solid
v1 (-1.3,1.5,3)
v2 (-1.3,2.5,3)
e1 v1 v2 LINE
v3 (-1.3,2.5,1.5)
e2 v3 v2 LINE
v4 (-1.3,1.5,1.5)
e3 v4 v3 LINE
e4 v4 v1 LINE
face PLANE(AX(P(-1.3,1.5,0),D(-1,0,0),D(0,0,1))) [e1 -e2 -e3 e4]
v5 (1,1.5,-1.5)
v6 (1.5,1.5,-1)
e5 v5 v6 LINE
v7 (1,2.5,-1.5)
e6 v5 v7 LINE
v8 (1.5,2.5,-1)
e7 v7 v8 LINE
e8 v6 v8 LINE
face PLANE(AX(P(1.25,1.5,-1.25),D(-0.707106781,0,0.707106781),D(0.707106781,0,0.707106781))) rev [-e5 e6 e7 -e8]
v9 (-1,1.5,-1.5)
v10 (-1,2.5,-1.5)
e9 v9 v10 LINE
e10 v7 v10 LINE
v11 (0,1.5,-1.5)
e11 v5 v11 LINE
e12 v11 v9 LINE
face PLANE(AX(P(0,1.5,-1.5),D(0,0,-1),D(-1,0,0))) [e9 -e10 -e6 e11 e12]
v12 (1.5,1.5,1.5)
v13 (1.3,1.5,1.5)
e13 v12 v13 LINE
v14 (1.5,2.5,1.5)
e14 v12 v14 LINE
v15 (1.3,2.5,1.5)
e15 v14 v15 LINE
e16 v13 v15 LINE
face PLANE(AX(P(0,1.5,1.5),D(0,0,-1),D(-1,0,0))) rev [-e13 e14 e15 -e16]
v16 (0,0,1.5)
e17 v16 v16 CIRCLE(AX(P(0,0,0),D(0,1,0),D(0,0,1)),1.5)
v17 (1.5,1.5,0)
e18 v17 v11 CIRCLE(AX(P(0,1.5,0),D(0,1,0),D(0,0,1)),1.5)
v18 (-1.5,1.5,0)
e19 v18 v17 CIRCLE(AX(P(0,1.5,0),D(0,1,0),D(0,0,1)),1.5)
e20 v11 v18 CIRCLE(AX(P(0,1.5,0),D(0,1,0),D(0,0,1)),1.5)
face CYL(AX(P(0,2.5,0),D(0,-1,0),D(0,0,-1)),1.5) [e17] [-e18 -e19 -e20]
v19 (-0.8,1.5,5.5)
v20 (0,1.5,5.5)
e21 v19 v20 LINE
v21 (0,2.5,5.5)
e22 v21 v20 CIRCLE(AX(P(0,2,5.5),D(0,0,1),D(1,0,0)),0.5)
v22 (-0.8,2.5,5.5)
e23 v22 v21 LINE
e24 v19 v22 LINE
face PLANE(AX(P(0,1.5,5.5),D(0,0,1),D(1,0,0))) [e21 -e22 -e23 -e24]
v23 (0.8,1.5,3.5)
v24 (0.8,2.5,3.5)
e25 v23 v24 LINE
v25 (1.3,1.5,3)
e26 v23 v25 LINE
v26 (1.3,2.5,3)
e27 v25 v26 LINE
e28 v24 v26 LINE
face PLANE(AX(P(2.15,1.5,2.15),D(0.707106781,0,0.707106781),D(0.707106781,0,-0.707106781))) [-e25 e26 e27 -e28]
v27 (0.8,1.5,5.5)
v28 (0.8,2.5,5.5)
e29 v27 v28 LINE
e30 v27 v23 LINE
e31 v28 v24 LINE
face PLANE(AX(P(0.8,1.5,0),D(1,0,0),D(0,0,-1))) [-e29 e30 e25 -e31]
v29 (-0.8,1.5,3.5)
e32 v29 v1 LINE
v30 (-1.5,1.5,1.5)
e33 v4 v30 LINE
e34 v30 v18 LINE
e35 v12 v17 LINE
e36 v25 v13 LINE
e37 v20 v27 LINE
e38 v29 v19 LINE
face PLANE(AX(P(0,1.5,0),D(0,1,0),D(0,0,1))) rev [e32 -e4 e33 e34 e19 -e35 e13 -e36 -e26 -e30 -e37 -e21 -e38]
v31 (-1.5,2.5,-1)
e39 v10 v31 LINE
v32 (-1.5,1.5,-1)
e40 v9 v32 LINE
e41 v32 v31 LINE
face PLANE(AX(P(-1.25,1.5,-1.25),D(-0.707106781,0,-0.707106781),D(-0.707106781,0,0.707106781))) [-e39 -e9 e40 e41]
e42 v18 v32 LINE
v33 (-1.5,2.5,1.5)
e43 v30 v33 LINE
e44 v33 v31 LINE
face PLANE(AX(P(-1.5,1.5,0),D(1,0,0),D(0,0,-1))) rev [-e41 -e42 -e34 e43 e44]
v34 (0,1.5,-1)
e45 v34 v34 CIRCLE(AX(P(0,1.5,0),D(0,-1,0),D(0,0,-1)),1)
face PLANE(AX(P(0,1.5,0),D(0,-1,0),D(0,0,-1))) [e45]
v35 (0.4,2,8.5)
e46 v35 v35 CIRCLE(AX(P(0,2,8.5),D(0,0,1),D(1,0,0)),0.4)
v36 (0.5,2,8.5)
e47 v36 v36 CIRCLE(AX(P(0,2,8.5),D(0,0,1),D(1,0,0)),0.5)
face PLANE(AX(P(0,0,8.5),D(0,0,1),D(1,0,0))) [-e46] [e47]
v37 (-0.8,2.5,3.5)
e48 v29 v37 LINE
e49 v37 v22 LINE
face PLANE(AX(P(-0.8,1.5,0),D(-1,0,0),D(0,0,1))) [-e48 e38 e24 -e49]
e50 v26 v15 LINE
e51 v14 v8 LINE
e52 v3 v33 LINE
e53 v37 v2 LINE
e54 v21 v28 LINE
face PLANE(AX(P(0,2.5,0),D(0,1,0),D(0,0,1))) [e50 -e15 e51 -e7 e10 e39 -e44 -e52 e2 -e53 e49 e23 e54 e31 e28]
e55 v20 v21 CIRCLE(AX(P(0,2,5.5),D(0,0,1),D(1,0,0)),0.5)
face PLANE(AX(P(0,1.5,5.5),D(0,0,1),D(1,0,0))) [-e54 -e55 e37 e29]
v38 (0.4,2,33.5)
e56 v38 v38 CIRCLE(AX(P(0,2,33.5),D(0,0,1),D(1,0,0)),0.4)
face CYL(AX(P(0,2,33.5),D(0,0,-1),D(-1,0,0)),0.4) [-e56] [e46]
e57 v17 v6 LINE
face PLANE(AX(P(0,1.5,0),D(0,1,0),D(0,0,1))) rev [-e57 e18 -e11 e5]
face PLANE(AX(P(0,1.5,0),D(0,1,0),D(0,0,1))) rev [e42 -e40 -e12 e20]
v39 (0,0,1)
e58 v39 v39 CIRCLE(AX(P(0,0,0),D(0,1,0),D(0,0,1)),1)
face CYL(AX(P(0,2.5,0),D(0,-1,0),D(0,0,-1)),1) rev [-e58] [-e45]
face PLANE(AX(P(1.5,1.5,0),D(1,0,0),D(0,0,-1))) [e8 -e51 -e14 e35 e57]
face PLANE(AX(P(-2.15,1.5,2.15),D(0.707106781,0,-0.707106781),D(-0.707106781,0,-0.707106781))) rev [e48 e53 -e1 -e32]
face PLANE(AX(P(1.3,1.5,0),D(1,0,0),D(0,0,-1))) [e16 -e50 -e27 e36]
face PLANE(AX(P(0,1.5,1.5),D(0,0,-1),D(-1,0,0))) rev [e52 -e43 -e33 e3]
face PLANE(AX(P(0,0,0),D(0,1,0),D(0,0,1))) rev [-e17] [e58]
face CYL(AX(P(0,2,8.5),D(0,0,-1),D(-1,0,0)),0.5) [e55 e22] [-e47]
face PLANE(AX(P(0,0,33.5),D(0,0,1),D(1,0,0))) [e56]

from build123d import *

# Parameters (mm, degrees)
SKETCH1_R           = 1.5
SKETCH1_R_2         = 1
BOSS_EXTRUDE1_DEPTH = 2.5
BOSS_EXTRUDE2_START = -1
SKETCH2_R           = 1
BOSS_EXTRUDE2_DEPTH = 1
SKETCH3_R           = 0.5
SKETCH3_R_2         = 0.4
BOSS_EXTRUDE3_DEPTH = 3
SKETCH3_3_R         = 0.4
BOSS_EXTRUDE4_DEPTH = 28
BOSS_EXTRUDE5_DEPTH = 1


with BuildPart() as part:
    # Sketch1 → Boss-Extrude1 (new body)
    with BuildSketch(Plane(origin=(0, 0, 0), x_dir=(1, 0, 0), z_dir=(0, 1, 0))):
        Circle(SKETCH1_R)
        Circle(SKETCH1_R_2, mode=Mode.SUBTRACT)
    extrude(amount=BOSS_EXTRUDE1_DEPTH)

    # Sketch2 → Boss-Extrude2 (add)
    with BuildSketch(Plane(origin=(0, 2.5, 0), x_dir=(1, 0, 0), z_dir=(0, 1, 0)).offset(BOSS_EXTRUDE2_START)):
        Polygon((1.3, -3), (1.3, -1.5), (1.5, -1.5), (1.5, 1), (1, 1.5), (-1, 1.5), (-1.5, 1), (-1.5, -1.5), (-1.3, -1.5), (-1.3, -3), (-0.8, -3.5), (-0.8, -5.5), (0.8, -5.5), (0.8, -3.5), align=None)
        Circle(SKETCH2_R, mode=Mode.SUBTRACT)
    extrude(amount=BOSS_EXTRUDE2_DEPTH)

    # Sketch3 → Boss-Extrude3 (add)
    with BuildSketch(Plane.XY.offset(5.5)):
        with Locations((0, 2)):
            Circle(SKETCH3_R)
        with Locations((0, 2)):
            Circle(SKETCH3_R_2, mode=Mode.SUBTRACT)
    extrude(amount=BOSS_EXTRUDE3_DEPTH)

    # Sketch3_3 → Boss-Extrude4 (add)
    with BuildSketch(Plane.XY.offset(5.5)):
        with Locations((0, 2)):
            Circle(SKETCH3_3_R)
    extrude(amount=BOSS_EXTRUDE4_DEPTH)

    # Sketch4 → Boss-Extrude5 (add)
    with BuildSketch(Plane(origin=(0, 2.5, 0), x_dir=(1, 0, 0), z_dir=(0, 1, 0))):
        Polygon((1.3, -1.5), (1.5, -1.5), (1.5, 1), (1, 1.5), (-1, 1.5), (-1.5, 1), (-1.5, -1.5), (-1.3, -1.5), (-1.3, -3), (-0.8, -3.5), (-0.8, -5.5), (0, -5.5), (0.8, -5.5), (0.8, -3.5), (1.3, -3), align=None)
    extrude(amount=-BOSS_EXTRUDE5_DEPTH)


solid = part.part
